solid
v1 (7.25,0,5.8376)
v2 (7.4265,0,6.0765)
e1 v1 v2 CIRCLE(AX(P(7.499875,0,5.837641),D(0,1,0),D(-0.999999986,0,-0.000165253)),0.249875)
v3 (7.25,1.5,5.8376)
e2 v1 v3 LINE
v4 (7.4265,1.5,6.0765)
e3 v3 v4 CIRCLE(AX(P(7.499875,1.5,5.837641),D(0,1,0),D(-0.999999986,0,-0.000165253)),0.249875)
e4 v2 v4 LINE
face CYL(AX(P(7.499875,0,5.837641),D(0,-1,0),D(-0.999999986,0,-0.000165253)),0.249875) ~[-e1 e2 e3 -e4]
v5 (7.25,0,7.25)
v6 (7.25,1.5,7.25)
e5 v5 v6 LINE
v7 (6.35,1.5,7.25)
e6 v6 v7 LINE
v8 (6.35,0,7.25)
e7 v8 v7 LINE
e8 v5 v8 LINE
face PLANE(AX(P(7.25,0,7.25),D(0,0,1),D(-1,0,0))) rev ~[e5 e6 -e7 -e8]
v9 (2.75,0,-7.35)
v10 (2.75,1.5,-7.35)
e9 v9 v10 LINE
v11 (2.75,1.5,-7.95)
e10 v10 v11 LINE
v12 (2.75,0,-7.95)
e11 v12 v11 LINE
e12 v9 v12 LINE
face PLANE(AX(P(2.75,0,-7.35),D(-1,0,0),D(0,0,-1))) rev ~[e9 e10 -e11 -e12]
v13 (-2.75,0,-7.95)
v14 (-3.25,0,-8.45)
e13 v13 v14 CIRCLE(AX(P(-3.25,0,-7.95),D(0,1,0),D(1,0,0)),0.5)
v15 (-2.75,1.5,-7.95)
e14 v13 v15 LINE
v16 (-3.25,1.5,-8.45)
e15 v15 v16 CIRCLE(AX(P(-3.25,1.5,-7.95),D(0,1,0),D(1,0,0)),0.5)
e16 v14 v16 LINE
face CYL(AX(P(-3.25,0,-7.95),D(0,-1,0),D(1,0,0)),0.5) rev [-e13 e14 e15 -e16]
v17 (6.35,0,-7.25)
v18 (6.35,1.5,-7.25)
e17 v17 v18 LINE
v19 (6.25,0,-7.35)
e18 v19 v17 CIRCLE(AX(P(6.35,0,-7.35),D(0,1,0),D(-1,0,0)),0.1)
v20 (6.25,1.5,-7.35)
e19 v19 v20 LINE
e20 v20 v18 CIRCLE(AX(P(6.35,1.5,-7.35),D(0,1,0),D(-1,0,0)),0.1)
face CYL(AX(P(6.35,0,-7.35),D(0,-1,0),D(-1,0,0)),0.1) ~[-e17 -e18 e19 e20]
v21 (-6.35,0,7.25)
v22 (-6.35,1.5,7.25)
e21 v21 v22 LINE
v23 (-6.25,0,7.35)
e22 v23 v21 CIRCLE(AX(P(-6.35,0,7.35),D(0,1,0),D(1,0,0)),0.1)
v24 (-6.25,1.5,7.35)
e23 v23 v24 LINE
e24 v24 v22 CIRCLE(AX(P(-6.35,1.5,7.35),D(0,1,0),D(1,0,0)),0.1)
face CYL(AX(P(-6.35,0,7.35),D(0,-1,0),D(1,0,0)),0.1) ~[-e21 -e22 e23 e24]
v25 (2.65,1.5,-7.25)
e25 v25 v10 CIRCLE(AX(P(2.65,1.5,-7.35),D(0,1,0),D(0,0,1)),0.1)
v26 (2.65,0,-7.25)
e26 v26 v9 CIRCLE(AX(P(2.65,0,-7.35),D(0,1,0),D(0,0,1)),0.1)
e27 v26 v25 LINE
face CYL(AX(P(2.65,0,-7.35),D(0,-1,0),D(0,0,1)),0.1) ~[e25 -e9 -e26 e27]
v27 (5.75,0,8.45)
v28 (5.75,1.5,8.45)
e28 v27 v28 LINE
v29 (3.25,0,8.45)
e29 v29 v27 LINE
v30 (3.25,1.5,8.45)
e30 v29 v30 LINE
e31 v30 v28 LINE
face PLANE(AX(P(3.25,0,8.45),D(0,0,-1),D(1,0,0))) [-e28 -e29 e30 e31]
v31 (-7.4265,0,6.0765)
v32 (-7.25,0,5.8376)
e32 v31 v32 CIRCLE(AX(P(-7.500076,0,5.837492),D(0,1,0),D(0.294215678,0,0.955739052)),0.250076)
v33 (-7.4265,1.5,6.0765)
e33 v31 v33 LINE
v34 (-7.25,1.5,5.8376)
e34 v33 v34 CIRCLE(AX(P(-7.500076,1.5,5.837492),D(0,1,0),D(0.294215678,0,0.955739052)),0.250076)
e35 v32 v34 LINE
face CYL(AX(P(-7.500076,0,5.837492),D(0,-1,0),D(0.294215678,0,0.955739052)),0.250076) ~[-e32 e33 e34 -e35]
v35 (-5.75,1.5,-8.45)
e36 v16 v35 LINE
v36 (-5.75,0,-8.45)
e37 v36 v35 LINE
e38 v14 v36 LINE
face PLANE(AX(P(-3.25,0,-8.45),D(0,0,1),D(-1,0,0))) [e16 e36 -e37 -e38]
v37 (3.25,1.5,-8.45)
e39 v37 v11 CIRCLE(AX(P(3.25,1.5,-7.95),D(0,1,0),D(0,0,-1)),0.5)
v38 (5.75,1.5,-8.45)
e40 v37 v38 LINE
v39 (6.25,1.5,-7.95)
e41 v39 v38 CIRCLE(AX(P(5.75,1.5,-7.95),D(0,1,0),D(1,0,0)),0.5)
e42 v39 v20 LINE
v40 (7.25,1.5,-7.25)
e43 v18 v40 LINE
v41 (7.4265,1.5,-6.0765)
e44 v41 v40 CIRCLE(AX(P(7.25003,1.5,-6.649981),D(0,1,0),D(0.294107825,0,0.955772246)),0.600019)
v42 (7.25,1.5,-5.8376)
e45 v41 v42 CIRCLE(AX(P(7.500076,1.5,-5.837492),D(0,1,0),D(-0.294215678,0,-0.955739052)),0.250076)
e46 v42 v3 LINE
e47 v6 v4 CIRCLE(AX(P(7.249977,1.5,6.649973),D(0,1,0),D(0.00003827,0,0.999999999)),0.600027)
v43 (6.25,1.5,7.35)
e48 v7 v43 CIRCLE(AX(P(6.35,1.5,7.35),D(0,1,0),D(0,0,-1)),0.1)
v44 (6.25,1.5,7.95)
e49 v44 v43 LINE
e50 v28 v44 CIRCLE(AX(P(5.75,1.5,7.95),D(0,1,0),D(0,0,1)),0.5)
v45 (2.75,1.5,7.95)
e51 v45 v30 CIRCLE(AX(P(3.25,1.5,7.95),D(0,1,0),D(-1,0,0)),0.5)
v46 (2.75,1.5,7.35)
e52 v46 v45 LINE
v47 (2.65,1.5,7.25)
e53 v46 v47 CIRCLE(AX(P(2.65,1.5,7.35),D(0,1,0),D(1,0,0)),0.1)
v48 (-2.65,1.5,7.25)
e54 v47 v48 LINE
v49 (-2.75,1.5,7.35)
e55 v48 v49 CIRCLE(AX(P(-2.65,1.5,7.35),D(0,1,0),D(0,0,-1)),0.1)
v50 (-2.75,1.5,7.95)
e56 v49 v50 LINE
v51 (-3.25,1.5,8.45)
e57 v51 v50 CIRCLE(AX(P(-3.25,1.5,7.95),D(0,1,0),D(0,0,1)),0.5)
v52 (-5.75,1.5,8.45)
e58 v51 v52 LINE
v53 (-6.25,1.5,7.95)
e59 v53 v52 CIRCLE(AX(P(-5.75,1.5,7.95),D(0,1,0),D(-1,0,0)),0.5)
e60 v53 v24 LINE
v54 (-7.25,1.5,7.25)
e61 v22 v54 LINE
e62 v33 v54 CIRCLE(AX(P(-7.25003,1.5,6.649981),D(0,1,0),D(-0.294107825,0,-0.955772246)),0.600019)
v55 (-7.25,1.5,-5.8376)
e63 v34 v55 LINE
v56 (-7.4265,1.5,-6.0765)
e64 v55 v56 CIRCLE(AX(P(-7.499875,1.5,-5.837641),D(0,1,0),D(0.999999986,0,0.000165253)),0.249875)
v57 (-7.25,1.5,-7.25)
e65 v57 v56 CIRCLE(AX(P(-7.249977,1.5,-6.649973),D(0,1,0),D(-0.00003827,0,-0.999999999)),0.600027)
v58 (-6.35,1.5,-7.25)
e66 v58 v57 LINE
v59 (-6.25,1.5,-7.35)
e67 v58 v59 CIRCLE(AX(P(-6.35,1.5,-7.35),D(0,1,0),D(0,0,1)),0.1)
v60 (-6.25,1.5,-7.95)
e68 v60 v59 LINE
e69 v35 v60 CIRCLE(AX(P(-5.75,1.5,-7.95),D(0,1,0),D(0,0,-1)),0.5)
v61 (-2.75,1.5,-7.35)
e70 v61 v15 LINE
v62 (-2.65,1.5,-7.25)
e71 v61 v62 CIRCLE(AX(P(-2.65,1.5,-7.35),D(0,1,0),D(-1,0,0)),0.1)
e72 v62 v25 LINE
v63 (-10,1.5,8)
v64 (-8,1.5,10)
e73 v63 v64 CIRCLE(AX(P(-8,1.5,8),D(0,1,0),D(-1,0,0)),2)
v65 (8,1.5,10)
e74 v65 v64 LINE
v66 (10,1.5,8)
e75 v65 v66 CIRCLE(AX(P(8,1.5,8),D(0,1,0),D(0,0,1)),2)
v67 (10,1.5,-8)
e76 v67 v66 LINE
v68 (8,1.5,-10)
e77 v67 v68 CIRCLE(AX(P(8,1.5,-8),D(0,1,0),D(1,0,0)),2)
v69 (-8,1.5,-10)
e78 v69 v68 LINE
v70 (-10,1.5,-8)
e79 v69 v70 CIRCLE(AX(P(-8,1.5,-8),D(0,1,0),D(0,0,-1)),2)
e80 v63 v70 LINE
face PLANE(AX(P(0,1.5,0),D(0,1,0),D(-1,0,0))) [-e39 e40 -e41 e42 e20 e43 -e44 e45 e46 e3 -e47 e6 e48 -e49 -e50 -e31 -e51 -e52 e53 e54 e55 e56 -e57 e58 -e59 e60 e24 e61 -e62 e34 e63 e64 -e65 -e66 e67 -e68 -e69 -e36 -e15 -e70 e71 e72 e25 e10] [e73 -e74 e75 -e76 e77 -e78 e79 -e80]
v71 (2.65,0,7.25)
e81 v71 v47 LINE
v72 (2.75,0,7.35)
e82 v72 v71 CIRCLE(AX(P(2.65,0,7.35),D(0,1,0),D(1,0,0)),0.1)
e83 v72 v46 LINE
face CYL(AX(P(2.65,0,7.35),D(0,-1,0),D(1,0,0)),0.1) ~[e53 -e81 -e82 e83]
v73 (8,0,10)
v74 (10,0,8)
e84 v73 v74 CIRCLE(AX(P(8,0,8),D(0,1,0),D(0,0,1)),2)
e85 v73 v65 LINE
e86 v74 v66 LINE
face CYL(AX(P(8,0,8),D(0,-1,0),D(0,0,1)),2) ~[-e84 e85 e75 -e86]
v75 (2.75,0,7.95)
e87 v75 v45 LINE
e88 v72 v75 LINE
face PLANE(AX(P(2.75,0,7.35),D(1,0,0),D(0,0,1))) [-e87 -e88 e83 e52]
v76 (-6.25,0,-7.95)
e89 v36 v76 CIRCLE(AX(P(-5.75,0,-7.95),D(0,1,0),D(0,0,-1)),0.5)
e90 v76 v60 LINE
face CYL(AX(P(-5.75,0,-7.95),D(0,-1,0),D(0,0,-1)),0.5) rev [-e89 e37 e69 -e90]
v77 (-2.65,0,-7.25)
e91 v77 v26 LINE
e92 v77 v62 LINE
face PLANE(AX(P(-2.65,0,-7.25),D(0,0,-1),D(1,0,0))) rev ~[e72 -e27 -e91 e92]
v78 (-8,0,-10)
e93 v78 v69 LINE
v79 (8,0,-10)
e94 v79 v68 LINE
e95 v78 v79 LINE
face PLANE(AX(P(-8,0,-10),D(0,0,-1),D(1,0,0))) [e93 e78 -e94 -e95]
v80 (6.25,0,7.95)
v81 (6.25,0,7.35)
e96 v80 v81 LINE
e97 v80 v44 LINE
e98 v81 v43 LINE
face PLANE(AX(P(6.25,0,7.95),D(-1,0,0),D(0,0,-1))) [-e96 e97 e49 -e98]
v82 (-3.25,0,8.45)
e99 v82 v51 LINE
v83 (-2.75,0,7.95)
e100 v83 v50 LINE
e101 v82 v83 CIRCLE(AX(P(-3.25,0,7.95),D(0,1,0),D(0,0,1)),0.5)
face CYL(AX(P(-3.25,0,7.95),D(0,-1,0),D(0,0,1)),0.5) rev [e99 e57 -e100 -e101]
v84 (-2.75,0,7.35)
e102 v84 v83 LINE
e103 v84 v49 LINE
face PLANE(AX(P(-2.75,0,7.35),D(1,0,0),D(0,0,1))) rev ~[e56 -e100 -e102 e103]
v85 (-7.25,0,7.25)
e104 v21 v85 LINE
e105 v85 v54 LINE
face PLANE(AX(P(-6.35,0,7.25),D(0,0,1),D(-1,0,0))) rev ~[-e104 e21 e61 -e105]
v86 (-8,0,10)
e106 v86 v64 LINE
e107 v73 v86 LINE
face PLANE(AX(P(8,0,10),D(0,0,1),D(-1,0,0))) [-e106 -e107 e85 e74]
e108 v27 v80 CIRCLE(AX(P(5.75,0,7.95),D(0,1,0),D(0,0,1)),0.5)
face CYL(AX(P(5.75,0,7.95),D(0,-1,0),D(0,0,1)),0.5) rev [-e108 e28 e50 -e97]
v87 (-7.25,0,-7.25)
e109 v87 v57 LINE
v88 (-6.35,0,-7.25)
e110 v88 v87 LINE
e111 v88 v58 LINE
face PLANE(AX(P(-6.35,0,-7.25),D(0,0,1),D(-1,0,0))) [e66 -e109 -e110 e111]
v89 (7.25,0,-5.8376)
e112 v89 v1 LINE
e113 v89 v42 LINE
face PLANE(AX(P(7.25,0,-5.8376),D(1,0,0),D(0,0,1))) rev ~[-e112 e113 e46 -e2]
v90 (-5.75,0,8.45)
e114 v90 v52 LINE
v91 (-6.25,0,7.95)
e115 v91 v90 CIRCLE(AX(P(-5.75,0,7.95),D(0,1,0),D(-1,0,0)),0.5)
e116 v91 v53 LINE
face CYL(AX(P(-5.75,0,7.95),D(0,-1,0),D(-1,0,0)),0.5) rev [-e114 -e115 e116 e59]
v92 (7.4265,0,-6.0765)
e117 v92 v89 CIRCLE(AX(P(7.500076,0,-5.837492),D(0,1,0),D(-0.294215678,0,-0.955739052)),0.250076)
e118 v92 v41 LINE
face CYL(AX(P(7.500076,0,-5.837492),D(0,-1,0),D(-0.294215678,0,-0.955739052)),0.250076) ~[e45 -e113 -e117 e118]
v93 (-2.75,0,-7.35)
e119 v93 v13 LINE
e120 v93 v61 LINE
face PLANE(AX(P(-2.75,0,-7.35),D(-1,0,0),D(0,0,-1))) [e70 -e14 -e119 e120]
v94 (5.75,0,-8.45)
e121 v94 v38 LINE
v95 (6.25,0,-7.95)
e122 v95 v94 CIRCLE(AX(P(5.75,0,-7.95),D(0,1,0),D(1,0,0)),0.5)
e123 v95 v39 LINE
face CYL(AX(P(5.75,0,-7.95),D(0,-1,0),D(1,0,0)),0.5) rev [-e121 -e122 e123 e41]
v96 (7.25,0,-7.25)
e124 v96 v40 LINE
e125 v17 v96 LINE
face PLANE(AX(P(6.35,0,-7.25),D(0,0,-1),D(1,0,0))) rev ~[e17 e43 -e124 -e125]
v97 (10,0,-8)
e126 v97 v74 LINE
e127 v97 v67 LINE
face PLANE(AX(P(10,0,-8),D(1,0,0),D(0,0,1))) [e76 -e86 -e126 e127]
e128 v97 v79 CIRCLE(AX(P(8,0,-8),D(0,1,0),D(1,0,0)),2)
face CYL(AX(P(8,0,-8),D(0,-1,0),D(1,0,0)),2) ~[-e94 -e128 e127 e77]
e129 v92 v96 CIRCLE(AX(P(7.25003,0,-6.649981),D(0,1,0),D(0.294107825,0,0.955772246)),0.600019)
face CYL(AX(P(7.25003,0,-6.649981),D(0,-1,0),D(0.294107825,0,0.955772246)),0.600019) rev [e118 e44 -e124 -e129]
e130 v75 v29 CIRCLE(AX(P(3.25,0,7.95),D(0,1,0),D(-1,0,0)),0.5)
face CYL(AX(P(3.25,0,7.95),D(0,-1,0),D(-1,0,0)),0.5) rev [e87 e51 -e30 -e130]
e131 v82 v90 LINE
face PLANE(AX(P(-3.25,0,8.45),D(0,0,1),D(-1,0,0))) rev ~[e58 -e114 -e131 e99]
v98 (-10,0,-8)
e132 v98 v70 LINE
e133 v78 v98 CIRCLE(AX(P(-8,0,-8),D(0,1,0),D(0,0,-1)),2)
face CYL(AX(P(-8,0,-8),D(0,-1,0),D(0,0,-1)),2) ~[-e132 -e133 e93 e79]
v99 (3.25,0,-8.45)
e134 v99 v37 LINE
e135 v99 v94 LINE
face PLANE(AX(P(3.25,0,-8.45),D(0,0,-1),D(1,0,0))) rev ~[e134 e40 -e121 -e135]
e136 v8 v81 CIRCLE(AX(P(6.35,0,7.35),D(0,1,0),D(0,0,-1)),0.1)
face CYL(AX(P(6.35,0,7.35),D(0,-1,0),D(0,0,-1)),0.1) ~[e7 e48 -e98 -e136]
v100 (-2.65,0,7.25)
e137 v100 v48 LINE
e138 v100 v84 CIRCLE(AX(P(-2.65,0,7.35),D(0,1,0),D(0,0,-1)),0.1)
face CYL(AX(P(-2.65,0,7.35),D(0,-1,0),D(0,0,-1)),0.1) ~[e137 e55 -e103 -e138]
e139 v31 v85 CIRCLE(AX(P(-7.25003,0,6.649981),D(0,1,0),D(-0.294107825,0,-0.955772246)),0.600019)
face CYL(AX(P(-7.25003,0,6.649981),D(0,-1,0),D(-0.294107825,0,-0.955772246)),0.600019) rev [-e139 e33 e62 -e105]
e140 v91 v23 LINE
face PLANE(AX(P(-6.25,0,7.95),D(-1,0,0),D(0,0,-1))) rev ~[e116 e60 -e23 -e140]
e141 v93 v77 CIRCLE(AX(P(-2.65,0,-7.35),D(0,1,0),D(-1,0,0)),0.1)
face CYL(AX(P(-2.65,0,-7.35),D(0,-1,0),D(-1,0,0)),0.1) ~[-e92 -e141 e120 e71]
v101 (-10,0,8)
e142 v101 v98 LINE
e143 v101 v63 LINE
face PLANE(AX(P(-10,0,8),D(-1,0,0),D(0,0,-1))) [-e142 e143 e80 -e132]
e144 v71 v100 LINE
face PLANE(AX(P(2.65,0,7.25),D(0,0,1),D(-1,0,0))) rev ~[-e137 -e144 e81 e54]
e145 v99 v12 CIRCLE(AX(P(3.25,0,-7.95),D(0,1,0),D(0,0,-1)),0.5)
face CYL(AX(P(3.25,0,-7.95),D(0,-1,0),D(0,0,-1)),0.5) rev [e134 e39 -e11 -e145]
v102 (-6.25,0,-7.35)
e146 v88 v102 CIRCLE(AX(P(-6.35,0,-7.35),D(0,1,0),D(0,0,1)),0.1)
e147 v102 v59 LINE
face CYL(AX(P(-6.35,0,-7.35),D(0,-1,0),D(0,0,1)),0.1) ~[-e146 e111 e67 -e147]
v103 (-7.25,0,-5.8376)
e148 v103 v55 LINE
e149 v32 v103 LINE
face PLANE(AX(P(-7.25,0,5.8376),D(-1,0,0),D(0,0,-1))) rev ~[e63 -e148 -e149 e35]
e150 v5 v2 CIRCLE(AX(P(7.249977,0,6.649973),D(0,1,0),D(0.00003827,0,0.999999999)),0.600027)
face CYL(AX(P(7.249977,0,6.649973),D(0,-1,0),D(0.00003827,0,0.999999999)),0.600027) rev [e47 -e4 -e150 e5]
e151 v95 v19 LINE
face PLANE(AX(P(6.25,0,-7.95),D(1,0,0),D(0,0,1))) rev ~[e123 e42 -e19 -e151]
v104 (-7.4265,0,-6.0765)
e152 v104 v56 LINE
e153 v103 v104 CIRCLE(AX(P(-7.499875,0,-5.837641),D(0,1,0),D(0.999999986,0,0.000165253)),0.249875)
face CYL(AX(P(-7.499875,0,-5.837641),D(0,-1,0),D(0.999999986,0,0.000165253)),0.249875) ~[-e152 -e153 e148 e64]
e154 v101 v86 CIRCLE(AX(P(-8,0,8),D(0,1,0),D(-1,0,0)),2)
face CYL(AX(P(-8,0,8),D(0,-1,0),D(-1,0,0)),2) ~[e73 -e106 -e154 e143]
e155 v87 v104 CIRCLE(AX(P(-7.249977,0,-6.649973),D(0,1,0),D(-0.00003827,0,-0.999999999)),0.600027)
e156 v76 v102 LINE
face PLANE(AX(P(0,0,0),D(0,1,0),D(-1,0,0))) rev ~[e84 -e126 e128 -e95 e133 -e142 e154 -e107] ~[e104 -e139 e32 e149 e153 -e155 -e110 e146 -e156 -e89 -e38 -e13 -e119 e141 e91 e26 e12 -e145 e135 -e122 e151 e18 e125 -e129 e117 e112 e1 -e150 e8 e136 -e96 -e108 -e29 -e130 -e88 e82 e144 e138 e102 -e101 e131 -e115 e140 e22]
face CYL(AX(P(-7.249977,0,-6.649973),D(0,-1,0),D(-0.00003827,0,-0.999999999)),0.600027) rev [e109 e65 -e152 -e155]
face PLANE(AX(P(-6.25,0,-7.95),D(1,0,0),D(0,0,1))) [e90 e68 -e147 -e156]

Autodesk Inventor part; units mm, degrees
ref_plane "YZ Plane" through (0, 0, 0) normal (1, 0, 0) x (0, 1, 0)
ref_plane "XZ Plane" through (0, 0, 0) normal (0, 1, 0) x (-1, 0, 0)
ref_plane "XY Plane" through (0, 0, 0) normal (0, 0, 1) x (1, 0, 0)
sketch "Sketch1" plane through (0, 0, 0) normal (0, 1, 0) x (-1, 0, 0)
  line L0 (7.25, 5.8376) -> (7.25, -5.8376)
  line L1 (-7.25, -5.8376) -> (-7.25, 5.8376)
  line L2 (-7.25, 7.25) -> (7.25, -7.25) construction
  line L3 (7.25, 7.25) -> (-7.25, -7.25) construction
  line L4 (6.25, 7.25) -> (2.75, 7.25) construction
  line L5 (2.75, 7.35) -> (2.75, 7.95)
  line L6 (3.25, 8.45) -> (5.75, 8.45)
  line L7 (6.25, 7.95) -> (6.25, 7.35)
  arc A0 (7.4265, 6.0765) -> (7.25, 7.25) centre (7.25, 6.65) ccw
  line L8 (-7.25, 7.25) -> (2.65, 7.25)
  line L9 (6.35, 7.25) -> (7.25, 7.25)
  arc A1 (6.25, 7.35) -> (6.35, 7.25) centre (6.35, 7.35) ccw
  arc A2 (2.65, 7.25) -> (2.75, 7.35) centre (2.65, 7.35) ccw
  arc A3 (6.25, 7.95) -> (5.75, 8.45) centre (5.75, 7.95) ccw
  arc A4 (3.25, 8.45) -> (2.75, 7.95) centre (3.25, 7.95) ccw
  arc A5 (7.4265, 6.0765) -> (7.25, 5.8376) centre (7.5, 5.8376) ccw
  line L10 (0, 0) -> (2.8942, 0)
  line L11 (0, 0) -> (0, -4.9214)
  line L12 (7.25, -7.25) -> (-7.25, 7.25) construction
  line L13 (6.25, -7.25) -> (2.75, -7.25) construction
  line L14 (2.75, -7.35) -> (2.75, -7.95)
  line L15 (3.25, -8.45) -> (5.75, -8.45)
  line L16 (6.25, -7.95) -> (6.25, -7.35)
  arc A6 (7.25, -7.25) -> (7.4265, -6.0765) centre (7.25, -6.65) ccw
  line L17 (6.35, -7.25) -> (7.25, -7.25)
  arc A7 (6.35, -7.25) -> (6.25, -7.35) centre (6.35, -7.35) ccw
  arc A8 (2.75, -7.35) -> (2.65, -7.25) centre (2.65, -7.35) ccw
  arc A9 (5.75, -8.45) -> (6.25, -7.95) centre (5.75, -7.95) ccw
  arc A10 (2.75, -7.95) -> (3.25, -8.45) centre (3.25, -7.95) ccw
  arc A11 (7.25, -5.8376) -> (7.4265, -6.0765) centre (7.5, -5.8376) ccw
  line L18 (7.25, -7.25) -> (6.35, -7.25)
  line L19 (-6.25, 7.25) -> (-2.75, 7.25) construction
  line L20 (-2.75, 7.35) -> (-2.75, 7.95)
  line L21 (-3.25, 8.45) -> (-5.75, 8.45)
  line L22 (-6.25, 7.95) -> (-6.25, 7.35)
  arc A12 (-7.25, 7.25) -> (-7.4265, 6.0765) centre (-7.25, 6.65) ccw
  line L23 (-6.35, 7.25) -> (-7.25, 7.25)
  arc A13 (-6.35, 7.25) -> (-6.25, 7.35) centre (-6.35, 7.35) ccw
  arc A14 (-2.75, 7.35) -> (-2.65, 7.25) centre (-2.65, 7.35) ccw
  arc A15 (-5.75, 8.45) -> (-6.25, 7.95) centre (-5.75, 7.95) ccw
  arc A16 (-2.75, 7.95) -> (-3.25, 8.45) centre (-3.25, 7.95) ccw
  arc A17 (-7.25, 5.8376) -> (-7.4265, 6.0765) centre (-7.5, 5.8376) ccw
  arc A18 (-7.4265, -6.0765) -> (-7.25, -5.8376) centre (-7.5, -5.8376) ccw
  arc A19 (-7.4265, -6.0765) -> (-7.25, -7.25) centre (-7.25, -6.65) ccw
  line L24 (-6.35, -7.25) -> (-7.25, -7.25)
  line L25 (-7.25, -7.25) -> (7.25, 7.25) construction
  arc A20 (-6.25, -7.35) -> (-6.35, -7.25) centre (-6.35, -7.35) ccw
  line L26 (-6.25, -7.95) -> (-6.25, -7.35)
  arc A21 (-6.25, -7.95) -> (-5.75, -8.45) centre (-5.75, -7.95) ccw
  line L27 (-6.25, -7.25) -> (-2.75, -7.25) construction
  line L28 (-3.25, -8.45) -> (-5.75, -8.45)
  arc A22 (-2.65, -7.25) -> (-2.75, -7.35) centre (-2.65, -7.35) ccw
  line L29 (-2.75, -7.35) -> (-2.75, -7.95)
  arc A23 (-3.25, -8.45) -> (-2.75, -7.95) centre (-3.25, -7.95) ccw
  line L30 (-7.25, -7.25) -> (-6.35, -7.25)
  line L31 (2.65, -7.25) -> (-2.65, -7.25)
  line L32 (-6.35, -7.25) -> (-7.25, -7.25)
  line L33 (8, -10) -> (-8, -10)
  line L34 (-10, -8) -> (-10, 8)
  line L35 (-8, 10) -> (8, 10)
  line L36 (10, 8) -> (10, -8)
  arc A24 (10, 8) -> (8, 10) centre (8, 8) ccw
  arc A25 (8, -10) -> (10, -8) centre (8, -8) ccw
  arc A26 (-10, -8) -> (-8, -10) centre (-8, -8) ccw
  arc A27 (-8, 10) -> (-10, 8) centre (-8, 8) ccw
  point P0 (2.75, 8.45)
  point P1 (6.25, 8.45)
  point P2 (6.25, 7.65)
  point P3 (7.25, 6.05)
  point P4 (2.75, -8.45)
  point P5 (6.25, -8.45)
  point P6 (6.25, -7.65)
  point P7 (7.25, -6.05)
  point P8 (-2.75, 8.45)
  point P9 (-6.25, 8.45)
  point P10 (-6.25, 7.65)
  point P11 (-7.25, 6.05)
  point P12 (-7.25, -6.05)
  point P13 (-6.25, -7.65)
  point P14 (-6.25, -8.45)
  point P15 (-2.75, -8.45)
  point P16 (10, -10)
  point P17 (-10, -10)
  point P18 (-10, 10)
  point P19 (10, 10)
  point P20 (-7.25, 7.25)
  point P21 (-6.35, 7.25)
  point P22 (-2.65, 7.25)
  dimension "d0" = 14.5
  dimension "d1" = 14.5
  dimension "d2" = 3.5
  dimension "d3" = 1.2
  dimension "d4" = 1
  dimension "d5" = 1.2
  dimension "d6" = 0.1
  dimension "d7" = 0.1
  dimension "d8" = 0.5
  dimension "d9" = 0.25
  dimension "d10" = 2
  dimension "d13" = 20
  dimension "d14" = 20
extrude "Extrusion1" add sketch "Sketch1" along normal blind 1.5
properties part number "test switch hole"
